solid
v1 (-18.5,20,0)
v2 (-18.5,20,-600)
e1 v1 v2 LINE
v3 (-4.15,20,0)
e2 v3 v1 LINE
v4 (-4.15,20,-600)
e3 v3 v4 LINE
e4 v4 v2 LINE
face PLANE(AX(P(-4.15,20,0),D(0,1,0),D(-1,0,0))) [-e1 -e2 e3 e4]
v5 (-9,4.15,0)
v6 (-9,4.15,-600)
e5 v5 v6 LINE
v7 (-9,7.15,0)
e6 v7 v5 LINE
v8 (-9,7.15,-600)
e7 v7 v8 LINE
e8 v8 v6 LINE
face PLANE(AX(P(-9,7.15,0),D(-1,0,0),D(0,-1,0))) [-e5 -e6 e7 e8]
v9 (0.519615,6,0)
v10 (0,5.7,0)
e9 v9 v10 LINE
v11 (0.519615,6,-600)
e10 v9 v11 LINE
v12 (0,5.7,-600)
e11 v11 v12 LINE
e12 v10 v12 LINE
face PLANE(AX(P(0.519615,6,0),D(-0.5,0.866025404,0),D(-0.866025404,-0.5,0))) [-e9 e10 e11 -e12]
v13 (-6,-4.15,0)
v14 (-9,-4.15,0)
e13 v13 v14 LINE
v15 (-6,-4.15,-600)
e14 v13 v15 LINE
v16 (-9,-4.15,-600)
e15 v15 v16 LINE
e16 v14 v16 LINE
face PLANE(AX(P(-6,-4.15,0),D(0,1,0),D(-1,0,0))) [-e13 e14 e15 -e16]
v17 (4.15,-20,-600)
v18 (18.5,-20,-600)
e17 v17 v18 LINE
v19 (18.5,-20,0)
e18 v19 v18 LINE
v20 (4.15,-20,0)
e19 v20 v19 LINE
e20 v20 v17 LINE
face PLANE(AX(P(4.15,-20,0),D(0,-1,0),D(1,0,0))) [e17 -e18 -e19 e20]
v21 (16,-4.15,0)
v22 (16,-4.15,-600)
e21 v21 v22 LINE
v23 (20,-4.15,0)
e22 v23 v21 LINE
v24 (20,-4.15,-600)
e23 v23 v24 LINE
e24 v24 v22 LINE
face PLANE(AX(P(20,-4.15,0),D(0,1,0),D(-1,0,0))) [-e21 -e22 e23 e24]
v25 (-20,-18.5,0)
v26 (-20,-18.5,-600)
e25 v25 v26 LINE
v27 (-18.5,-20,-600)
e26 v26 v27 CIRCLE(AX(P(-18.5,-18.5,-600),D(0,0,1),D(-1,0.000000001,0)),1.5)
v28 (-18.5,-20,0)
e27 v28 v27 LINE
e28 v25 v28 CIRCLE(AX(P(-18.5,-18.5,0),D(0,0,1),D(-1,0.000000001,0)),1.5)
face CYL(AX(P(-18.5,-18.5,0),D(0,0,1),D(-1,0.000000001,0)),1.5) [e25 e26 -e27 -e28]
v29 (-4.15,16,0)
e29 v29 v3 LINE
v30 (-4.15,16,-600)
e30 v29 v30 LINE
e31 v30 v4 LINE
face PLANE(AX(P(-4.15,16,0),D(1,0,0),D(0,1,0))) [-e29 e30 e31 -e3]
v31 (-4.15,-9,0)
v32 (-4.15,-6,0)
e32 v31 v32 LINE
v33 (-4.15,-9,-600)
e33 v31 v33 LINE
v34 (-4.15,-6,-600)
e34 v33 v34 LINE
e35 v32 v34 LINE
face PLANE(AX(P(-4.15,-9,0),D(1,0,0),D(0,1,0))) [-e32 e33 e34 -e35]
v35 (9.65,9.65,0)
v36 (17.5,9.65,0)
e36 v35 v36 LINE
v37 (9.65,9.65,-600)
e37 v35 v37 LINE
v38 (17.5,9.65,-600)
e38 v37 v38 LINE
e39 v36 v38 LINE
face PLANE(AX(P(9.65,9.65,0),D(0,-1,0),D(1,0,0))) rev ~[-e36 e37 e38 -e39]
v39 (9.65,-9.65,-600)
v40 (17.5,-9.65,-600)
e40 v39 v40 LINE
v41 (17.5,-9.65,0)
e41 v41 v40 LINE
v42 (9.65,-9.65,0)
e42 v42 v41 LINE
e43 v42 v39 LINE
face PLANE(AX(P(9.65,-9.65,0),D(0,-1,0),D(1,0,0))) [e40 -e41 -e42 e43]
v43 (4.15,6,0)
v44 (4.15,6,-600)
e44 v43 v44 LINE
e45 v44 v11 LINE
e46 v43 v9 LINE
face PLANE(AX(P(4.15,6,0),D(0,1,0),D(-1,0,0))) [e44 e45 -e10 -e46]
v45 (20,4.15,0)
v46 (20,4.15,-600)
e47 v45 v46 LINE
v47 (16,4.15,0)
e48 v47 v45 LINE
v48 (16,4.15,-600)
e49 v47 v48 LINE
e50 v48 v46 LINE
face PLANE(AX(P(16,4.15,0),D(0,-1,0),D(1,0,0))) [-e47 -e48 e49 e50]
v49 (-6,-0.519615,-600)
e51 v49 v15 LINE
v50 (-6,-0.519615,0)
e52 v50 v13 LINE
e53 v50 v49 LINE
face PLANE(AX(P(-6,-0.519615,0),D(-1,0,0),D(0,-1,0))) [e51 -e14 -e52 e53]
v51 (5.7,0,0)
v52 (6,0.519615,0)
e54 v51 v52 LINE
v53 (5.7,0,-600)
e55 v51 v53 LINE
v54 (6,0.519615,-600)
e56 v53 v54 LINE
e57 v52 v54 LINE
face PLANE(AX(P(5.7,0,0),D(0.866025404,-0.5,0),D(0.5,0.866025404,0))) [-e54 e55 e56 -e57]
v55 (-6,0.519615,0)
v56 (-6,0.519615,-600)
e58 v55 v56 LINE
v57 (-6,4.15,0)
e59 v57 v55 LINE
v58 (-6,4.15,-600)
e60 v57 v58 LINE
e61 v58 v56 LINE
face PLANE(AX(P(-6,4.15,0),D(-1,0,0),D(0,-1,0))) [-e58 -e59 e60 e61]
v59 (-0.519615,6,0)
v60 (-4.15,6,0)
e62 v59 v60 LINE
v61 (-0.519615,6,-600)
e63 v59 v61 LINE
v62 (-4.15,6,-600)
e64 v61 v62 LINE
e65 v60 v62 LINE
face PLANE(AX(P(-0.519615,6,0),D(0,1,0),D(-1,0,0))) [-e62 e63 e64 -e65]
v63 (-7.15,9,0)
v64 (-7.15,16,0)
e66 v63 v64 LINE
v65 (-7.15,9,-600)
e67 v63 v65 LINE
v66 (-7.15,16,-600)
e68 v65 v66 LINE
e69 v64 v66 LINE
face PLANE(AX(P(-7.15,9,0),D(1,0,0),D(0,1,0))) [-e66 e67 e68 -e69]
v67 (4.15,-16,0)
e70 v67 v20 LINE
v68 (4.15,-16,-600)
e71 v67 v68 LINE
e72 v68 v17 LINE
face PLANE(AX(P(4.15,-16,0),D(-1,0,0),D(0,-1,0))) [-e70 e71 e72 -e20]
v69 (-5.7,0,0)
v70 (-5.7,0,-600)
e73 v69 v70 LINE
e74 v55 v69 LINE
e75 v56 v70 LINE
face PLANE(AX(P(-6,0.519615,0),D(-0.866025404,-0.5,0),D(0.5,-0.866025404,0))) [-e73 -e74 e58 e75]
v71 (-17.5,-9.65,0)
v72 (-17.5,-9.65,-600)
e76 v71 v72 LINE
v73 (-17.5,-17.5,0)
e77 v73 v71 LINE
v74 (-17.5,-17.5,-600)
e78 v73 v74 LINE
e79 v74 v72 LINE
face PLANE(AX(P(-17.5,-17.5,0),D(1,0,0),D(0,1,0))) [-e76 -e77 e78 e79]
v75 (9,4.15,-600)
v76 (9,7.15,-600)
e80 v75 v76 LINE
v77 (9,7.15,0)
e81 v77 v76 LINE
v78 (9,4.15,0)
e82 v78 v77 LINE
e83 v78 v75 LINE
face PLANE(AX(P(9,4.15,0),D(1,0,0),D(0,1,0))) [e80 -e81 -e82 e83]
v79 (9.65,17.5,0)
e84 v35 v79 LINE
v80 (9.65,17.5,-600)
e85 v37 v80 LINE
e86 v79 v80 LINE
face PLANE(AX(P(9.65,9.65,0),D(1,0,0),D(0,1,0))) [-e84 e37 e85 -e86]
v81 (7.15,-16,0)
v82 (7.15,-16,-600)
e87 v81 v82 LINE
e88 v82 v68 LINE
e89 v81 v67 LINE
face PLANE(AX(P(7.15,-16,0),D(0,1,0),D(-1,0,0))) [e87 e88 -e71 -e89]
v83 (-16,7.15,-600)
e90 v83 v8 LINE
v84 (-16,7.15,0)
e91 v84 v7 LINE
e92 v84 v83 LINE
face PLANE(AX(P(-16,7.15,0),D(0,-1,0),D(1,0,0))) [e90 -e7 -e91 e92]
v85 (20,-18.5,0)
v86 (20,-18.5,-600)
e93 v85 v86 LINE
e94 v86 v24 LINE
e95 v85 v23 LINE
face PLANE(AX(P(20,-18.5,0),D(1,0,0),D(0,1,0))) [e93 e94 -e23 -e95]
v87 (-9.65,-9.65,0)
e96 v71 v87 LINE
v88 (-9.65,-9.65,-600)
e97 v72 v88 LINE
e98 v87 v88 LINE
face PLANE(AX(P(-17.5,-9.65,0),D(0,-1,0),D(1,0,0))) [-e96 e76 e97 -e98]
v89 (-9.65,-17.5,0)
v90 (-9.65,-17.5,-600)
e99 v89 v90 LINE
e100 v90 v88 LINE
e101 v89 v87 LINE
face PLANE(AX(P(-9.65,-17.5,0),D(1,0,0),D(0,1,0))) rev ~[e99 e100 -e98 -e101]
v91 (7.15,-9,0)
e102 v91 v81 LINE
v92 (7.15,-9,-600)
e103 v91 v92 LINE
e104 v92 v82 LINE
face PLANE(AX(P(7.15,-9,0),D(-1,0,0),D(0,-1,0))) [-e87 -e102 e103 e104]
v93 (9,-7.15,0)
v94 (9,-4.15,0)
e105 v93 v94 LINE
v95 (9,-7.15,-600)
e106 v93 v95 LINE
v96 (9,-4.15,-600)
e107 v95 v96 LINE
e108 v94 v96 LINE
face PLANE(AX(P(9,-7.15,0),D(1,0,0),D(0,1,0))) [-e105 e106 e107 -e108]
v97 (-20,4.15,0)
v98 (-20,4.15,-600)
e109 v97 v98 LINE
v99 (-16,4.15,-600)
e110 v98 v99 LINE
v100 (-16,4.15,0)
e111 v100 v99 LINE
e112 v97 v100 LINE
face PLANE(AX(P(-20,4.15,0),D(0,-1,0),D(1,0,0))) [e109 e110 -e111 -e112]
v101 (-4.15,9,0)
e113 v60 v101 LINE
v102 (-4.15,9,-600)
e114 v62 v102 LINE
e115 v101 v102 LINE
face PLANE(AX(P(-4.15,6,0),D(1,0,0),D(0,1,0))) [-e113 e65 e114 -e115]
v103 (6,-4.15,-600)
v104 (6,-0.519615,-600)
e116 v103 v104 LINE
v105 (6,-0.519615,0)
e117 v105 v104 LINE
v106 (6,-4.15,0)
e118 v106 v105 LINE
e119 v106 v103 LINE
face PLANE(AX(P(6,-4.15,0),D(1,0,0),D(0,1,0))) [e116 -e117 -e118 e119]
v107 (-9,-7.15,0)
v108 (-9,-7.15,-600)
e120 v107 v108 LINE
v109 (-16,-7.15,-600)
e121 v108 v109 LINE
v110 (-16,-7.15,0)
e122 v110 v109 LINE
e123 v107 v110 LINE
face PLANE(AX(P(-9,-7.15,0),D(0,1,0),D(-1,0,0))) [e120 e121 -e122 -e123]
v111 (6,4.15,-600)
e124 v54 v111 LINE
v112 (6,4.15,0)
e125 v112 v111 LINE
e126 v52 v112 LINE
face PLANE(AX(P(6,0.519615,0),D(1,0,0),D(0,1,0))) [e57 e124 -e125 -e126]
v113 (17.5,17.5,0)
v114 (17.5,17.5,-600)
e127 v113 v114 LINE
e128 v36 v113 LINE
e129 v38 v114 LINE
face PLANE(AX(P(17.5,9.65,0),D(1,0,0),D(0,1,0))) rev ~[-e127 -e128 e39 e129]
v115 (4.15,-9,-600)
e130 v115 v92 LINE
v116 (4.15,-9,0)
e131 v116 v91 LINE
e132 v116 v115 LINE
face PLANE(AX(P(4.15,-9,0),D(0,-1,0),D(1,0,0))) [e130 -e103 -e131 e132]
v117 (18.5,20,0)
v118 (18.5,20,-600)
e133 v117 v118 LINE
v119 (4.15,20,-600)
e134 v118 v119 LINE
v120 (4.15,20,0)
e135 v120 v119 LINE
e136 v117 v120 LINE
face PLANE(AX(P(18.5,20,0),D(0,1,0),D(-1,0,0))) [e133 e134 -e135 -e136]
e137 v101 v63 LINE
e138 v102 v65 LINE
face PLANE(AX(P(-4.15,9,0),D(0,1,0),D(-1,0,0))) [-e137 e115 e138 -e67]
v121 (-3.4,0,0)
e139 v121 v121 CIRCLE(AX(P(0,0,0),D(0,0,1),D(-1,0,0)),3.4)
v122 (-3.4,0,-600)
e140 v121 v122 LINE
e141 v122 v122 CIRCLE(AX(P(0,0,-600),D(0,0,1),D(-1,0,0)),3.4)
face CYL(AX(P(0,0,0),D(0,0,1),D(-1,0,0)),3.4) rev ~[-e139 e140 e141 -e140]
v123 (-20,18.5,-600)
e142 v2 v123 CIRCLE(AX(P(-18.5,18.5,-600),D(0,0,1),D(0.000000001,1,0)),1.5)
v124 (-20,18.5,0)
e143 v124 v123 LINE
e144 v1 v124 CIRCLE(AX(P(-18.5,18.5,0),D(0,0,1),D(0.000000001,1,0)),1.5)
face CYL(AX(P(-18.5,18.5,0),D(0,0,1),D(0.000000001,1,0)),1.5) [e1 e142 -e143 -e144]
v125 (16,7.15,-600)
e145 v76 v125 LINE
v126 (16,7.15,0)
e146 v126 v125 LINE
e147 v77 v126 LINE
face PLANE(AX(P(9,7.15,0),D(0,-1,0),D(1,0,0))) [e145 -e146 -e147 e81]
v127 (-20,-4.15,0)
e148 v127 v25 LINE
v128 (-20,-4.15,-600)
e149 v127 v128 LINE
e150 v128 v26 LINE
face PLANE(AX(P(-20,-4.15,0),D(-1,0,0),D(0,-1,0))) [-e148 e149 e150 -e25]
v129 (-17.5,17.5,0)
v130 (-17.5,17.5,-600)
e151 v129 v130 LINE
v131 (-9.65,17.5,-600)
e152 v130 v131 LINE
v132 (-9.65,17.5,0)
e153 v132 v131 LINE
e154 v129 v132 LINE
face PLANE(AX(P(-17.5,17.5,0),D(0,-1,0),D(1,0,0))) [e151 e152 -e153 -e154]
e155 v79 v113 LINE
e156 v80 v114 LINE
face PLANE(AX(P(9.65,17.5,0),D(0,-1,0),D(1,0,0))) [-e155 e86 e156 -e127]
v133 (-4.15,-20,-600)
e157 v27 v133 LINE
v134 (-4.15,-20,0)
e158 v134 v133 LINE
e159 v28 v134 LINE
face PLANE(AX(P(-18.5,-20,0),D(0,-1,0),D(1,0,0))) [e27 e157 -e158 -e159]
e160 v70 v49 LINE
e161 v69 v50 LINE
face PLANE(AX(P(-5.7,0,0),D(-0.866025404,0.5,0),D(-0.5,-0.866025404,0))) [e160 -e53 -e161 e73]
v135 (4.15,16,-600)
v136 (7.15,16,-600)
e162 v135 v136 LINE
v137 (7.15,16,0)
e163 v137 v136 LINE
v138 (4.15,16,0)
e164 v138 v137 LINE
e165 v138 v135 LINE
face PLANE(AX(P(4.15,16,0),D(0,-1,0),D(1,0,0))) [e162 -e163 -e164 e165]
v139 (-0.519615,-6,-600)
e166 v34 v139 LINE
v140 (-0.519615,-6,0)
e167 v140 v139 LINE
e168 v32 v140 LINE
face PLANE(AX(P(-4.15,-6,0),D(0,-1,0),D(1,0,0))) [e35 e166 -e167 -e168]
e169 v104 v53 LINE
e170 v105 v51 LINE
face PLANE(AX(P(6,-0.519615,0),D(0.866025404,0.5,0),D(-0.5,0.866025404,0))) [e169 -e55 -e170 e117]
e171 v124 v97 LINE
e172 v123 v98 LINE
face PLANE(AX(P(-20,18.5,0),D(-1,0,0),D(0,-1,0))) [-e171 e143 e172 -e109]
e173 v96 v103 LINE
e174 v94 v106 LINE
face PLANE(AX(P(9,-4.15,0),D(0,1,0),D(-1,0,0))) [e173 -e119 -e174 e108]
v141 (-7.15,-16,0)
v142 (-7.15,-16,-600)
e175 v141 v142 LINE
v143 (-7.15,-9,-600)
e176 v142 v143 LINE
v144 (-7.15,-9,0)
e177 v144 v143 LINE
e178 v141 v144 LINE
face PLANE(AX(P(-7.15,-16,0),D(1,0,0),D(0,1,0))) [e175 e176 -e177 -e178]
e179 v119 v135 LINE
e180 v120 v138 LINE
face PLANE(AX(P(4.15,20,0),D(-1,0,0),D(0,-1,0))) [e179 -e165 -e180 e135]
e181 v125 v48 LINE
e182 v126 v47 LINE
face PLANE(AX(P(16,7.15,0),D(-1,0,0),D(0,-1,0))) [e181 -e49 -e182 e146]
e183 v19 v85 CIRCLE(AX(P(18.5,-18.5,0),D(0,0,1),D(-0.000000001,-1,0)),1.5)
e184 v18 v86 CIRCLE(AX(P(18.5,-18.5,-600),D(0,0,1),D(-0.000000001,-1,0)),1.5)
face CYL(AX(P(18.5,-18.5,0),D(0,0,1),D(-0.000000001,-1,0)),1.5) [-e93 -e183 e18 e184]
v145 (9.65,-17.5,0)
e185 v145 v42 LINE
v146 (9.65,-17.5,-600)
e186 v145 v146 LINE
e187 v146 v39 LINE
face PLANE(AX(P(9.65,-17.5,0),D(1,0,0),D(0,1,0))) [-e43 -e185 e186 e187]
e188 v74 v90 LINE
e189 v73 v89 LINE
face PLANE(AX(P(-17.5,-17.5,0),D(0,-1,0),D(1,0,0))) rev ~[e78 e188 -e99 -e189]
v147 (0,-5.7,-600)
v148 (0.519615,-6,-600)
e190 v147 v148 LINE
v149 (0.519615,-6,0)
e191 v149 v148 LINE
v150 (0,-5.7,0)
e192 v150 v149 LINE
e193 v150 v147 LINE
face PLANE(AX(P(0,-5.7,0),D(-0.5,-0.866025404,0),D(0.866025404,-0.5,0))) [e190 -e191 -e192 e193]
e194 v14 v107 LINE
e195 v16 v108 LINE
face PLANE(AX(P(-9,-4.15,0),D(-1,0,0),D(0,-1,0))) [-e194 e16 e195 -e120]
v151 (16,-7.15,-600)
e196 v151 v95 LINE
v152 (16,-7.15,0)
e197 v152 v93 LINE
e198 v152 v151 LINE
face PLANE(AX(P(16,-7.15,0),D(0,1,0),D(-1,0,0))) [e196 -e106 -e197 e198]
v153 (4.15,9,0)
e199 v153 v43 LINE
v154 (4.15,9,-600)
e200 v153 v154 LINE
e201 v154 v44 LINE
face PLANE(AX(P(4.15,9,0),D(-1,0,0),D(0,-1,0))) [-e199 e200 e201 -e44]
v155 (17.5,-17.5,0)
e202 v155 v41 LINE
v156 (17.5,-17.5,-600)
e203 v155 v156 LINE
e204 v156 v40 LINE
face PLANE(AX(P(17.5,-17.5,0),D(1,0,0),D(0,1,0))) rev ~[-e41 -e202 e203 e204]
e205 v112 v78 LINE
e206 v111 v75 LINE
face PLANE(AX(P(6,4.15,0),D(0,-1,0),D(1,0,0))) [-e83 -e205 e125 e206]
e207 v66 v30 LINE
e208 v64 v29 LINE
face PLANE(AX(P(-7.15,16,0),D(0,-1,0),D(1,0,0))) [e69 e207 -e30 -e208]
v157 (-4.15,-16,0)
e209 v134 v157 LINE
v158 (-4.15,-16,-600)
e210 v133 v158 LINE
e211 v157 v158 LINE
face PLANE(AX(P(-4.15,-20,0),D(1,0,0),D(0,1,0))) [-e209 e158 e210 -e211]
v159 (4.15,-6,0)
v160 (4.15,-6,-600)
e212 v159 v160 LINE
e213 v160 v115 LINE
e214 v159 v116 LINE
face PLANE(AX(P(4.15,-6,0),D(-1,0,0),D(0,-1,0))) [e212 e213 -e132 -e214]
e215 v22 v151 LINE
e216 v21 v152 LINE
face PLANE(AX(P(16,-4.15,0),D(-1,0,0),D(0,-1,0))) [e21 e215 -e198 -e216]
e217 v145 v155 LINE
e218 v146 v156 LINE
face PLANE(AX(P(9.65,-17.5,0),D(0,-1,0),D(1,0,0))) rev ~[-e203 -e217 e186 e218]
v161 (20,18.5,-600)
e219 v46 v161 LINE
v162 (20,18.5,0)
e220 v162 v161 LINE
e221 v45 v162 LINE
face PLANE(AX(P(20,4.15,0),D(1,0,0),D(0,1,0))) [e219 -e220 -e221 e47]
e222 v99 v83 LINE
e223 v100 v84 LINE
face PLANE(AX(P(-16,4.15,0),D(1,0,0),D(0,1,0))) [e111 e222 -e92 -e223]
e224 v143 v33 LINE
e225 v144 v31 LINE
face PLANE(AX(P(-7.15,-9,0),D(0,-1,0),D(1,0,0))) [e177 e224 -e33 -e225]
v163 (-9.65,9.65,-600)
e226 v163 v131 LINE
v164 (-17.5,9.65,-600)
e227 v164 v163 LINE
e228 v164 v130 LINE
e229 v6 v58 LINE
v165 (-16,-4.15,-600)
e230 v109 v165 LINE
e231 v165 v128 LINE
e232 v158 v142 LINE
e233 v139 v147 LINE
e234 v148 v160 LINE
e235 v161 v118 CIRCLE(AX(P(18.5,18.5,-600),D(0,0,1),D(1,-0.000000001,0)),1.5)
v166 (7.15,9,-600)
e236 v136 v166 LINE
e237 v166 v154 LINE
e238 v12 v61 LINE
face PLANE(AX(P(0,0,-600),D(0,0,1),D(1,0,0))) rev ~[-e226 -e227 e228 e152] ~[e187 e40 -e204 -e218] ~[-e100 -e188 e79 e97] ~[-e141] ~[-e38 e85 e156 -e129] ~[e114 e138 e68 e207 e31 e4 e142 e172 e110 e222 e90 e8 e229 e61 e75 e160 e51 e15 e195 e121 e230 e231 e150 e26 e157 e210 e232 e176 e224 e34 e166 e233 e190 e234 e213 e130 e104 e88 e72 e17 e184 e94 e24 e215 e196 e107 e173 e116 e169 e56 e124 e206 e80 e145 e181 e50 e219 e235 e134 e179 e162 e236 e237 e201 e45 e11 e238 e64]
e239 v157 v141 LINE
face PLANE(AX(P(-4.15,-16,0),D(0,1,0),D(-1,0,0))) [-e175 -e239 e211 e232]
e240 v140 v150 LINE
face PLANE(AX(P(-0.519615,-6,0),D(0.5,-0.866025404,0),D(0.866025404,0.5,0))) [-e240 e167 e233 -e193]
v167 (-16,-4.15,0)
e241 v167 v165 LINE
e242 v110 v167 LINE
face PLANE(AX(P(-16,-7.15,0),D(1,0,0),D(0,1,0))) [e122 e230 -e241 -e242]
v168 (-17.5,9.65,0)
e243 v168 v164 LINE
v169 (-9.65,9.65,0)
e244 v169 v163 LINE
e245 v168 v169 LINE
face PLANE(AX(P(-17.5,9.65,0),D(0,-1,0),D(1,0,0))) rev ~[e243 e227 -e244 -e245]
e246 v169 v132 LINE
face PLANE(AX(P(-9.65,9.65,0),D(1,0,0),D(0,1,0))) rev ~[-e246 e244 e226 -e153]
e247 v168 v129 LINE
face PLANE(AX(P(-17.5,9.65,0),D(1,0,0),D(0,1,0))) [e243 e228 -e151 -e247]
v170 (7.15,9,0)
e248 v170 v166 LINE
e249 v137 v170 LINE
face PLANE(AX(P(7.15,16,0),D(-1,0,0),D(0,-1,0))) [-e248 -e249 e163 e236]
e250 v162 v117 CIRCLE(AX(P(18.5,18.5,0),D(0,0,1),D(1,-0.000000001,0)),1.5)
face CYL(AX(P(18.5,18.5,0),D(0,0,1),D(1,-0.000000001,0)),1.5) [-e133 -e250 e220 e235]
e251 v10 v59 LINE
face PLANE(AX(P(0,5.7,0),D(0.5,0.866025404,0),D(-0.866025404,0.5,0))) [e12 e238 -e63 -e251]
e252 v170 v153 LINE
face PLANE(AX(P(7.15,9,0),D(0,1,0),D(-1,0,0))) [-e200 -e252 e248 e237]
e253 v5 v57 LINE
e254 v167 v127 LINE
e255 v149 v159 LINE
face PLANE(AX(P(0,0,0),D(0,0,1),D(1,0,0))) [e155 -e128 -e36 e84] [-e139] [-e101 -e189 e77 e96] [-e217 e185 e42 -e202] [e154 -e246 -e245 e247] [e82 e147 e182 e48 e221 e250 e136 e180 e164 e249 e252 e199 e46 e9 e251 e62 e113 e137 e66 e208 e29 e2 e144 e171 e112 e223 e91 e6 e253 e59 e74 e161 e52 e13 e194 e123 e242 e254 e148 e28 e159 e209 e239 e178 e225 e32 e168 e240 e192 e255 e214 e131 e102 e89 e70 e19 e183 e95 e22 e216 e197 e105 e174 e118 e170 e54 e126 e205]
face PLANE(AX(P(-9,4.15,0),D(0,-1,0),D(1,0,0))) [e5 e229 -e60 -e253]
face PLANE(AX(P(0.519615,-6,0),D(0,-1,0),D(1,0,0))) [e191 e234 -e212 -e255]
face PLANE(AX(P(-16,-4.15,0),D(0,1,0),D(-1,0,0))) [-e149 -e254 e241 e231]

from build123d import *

# Parameters (mm, degrees)
SKETCH1_R           = 3.4
SKETCH1_W           = 7.85
SKETCH1_H           = 7.85
BOSS_EXTRUDE1_DEPTH = 600


with BuildPart() as part:
    # Sketch1 → Boss-Extrude1 (new body)
    with BuildSketch(Plane.XY):
        with BuildLine():
            Line((-7.15, 16), (-4.15, 16))
            Line((-4.15, 16), (-4.15, 20))
            Line((-4.15, 20), (-18.5, 20))
            ThreePointArc((-18.5, 20), (-19.560660172, 19.560660172), (-20, 18.5))
            Line((-20, 18.5), (-20, 4.15))
            Line((-20, 4.15), (-16, 4.15))
            Line((-16, 4.15), (-16, 7.15))
            Line((-16, 7.15), (-9, 7.15))
            Line((-9, 7.15), (-9, 4.15))
            Line((-9, 4.15), (-6, 4.15))
            Line((-6, 4.15), (-6, 0.519615242))
            Line((-6, 0.519615242), (-5.7, 0))
            Line((-5.7, 0), (-6, -0.519615242))
            Line((-6, -0.519615242), (-6, -4.15))
            Line((-6, -4.15), (-9, -4.15))
            Line((-9, -4.15), (-9, -7.15))
            Line((-9, -7.15), (-16, -7.15))
            Line((-16, -7.15), (-16, -4.15))
            Line((-16, -4.15), (-20, -4.15))
            Line((-20, -4.15), (-20, -18.5))
            ThreePointArc((-20, -18.5), (-19.560660172, -19.560660172), (-18.5, -20))
            Line((-18.5, -20), (-4.15, -20))
            Line((-4.15, -20), (-4.15, -16))
            Line((-4.15, -16), (-7.15, -16))
            Line((-7.15, -16), (-7.15, -9))
            Line((-7.15, -9), (-4.15, -9))
            Line((-4.15, -9), (-4.15, -6))
            Line((-4.15, -6), (-0.519615242, -6))
            Line((-0.519615242, -6), (0, -5.7))
            Line((0, -5.7), (0.519615242, -6))
            Line((0.519615242, -6), (4.15, -6))
            Line((4.15, -6), (4.15, -9))
            Line((4.15, -9), (7.15, -9))
            Line((7.15, -9), (7.15, -16))
            Line((7.15, -16), (4.15, -16))
            Line((4.15, -16), (4.15, -20))
            Line((4.15, -20), (18.5, -20))
            ThreePointArc((18.5, -20), (19.560660172, -19.560660172), (20, -18.5))
            Line((20, -18.5), (20, -4.15))
            Line((20, -4.15), (16, -4.15))
            Line((16, -4.15), (16, -7.15))
            Line((16, -7.15), (9, -7.15))
            Line((9, -7.15), (9, -4.15))
            Line((9, -4.15), (6, -4.15))
            Line((6, -4.15), (6, -0.519615242))
            Line((6, -0.519615242), (5.7, 0))
            Line((5.7, 0), (6, 0.519615242))
            Line((6, 0.519615242), (6, 4.15))
            Line((6, 4.15), (9, 4.15))
            Line((9, 4.15), (9, 7.15))
            Line((9, 7.15), (16, 7.15))
            Line((16, 7.15), (16, 4.15))
            Line((16, 4.15), (20, 4.15))
            Line((20, 4.15), (20, 18.5))
            ThreePointArc((20, 18.5), (19.560660172, 19.560660172), (18.5, 20))
            Line((18.5, 20), (4.15, 20))
            Line((4.15, 20), (4.15, 16))
            Line((4.15, 16), (7.15, 16))
            Line((7.15, 16), (7.15, 9))
            Line((7.15, 9), (4.15, 9))
            Line((4.15, 9), (4.15, 6))
            Line((4.15, 6), (0.519615242, 6))
            Line((0.519615242, 6), (0, 5.7))
            Line((0, 5.7), (-0.519615242, 6))
            Line((-0.519615242, 6), (-4.15, 6))
            Line((-4.15, 6), (-4.15, 9))
            Line((-4.15, 9), (-7.15, 9))
            Line((-7.15, 9), (-7.15, 16))
        make_face()
        with Locations(Location((0, 0, 0), (0, 0, 180))):
            Circle(SKETCH1_R, mode=Mode.SUBTRACT)
        with Locations((-13.575, 13.575)):
            Rectangle(SKETCH1_W, SKETCH1_H, mode=Mode.SUBTRACT)
        with Locations((13.575, 13.575)):
            Rectangle(SKETCH1_W, SKETCH1_H, mode=Mode.SUBTRACT)
        with Locations((-13.575, -13.575)):
            Rectangle(SKETCH1_W, SKETCH1_H, mode=Mode.SUBTRACT)
        with Locations((13.575, -13.575)):
            Rectangle(SKETCH1_W, SKETCH1_H, mode=Mode.SUBTRACT)
    extrude(amount=-BOSS_EXTRUDE1_DEPTH)


solid = part.part
